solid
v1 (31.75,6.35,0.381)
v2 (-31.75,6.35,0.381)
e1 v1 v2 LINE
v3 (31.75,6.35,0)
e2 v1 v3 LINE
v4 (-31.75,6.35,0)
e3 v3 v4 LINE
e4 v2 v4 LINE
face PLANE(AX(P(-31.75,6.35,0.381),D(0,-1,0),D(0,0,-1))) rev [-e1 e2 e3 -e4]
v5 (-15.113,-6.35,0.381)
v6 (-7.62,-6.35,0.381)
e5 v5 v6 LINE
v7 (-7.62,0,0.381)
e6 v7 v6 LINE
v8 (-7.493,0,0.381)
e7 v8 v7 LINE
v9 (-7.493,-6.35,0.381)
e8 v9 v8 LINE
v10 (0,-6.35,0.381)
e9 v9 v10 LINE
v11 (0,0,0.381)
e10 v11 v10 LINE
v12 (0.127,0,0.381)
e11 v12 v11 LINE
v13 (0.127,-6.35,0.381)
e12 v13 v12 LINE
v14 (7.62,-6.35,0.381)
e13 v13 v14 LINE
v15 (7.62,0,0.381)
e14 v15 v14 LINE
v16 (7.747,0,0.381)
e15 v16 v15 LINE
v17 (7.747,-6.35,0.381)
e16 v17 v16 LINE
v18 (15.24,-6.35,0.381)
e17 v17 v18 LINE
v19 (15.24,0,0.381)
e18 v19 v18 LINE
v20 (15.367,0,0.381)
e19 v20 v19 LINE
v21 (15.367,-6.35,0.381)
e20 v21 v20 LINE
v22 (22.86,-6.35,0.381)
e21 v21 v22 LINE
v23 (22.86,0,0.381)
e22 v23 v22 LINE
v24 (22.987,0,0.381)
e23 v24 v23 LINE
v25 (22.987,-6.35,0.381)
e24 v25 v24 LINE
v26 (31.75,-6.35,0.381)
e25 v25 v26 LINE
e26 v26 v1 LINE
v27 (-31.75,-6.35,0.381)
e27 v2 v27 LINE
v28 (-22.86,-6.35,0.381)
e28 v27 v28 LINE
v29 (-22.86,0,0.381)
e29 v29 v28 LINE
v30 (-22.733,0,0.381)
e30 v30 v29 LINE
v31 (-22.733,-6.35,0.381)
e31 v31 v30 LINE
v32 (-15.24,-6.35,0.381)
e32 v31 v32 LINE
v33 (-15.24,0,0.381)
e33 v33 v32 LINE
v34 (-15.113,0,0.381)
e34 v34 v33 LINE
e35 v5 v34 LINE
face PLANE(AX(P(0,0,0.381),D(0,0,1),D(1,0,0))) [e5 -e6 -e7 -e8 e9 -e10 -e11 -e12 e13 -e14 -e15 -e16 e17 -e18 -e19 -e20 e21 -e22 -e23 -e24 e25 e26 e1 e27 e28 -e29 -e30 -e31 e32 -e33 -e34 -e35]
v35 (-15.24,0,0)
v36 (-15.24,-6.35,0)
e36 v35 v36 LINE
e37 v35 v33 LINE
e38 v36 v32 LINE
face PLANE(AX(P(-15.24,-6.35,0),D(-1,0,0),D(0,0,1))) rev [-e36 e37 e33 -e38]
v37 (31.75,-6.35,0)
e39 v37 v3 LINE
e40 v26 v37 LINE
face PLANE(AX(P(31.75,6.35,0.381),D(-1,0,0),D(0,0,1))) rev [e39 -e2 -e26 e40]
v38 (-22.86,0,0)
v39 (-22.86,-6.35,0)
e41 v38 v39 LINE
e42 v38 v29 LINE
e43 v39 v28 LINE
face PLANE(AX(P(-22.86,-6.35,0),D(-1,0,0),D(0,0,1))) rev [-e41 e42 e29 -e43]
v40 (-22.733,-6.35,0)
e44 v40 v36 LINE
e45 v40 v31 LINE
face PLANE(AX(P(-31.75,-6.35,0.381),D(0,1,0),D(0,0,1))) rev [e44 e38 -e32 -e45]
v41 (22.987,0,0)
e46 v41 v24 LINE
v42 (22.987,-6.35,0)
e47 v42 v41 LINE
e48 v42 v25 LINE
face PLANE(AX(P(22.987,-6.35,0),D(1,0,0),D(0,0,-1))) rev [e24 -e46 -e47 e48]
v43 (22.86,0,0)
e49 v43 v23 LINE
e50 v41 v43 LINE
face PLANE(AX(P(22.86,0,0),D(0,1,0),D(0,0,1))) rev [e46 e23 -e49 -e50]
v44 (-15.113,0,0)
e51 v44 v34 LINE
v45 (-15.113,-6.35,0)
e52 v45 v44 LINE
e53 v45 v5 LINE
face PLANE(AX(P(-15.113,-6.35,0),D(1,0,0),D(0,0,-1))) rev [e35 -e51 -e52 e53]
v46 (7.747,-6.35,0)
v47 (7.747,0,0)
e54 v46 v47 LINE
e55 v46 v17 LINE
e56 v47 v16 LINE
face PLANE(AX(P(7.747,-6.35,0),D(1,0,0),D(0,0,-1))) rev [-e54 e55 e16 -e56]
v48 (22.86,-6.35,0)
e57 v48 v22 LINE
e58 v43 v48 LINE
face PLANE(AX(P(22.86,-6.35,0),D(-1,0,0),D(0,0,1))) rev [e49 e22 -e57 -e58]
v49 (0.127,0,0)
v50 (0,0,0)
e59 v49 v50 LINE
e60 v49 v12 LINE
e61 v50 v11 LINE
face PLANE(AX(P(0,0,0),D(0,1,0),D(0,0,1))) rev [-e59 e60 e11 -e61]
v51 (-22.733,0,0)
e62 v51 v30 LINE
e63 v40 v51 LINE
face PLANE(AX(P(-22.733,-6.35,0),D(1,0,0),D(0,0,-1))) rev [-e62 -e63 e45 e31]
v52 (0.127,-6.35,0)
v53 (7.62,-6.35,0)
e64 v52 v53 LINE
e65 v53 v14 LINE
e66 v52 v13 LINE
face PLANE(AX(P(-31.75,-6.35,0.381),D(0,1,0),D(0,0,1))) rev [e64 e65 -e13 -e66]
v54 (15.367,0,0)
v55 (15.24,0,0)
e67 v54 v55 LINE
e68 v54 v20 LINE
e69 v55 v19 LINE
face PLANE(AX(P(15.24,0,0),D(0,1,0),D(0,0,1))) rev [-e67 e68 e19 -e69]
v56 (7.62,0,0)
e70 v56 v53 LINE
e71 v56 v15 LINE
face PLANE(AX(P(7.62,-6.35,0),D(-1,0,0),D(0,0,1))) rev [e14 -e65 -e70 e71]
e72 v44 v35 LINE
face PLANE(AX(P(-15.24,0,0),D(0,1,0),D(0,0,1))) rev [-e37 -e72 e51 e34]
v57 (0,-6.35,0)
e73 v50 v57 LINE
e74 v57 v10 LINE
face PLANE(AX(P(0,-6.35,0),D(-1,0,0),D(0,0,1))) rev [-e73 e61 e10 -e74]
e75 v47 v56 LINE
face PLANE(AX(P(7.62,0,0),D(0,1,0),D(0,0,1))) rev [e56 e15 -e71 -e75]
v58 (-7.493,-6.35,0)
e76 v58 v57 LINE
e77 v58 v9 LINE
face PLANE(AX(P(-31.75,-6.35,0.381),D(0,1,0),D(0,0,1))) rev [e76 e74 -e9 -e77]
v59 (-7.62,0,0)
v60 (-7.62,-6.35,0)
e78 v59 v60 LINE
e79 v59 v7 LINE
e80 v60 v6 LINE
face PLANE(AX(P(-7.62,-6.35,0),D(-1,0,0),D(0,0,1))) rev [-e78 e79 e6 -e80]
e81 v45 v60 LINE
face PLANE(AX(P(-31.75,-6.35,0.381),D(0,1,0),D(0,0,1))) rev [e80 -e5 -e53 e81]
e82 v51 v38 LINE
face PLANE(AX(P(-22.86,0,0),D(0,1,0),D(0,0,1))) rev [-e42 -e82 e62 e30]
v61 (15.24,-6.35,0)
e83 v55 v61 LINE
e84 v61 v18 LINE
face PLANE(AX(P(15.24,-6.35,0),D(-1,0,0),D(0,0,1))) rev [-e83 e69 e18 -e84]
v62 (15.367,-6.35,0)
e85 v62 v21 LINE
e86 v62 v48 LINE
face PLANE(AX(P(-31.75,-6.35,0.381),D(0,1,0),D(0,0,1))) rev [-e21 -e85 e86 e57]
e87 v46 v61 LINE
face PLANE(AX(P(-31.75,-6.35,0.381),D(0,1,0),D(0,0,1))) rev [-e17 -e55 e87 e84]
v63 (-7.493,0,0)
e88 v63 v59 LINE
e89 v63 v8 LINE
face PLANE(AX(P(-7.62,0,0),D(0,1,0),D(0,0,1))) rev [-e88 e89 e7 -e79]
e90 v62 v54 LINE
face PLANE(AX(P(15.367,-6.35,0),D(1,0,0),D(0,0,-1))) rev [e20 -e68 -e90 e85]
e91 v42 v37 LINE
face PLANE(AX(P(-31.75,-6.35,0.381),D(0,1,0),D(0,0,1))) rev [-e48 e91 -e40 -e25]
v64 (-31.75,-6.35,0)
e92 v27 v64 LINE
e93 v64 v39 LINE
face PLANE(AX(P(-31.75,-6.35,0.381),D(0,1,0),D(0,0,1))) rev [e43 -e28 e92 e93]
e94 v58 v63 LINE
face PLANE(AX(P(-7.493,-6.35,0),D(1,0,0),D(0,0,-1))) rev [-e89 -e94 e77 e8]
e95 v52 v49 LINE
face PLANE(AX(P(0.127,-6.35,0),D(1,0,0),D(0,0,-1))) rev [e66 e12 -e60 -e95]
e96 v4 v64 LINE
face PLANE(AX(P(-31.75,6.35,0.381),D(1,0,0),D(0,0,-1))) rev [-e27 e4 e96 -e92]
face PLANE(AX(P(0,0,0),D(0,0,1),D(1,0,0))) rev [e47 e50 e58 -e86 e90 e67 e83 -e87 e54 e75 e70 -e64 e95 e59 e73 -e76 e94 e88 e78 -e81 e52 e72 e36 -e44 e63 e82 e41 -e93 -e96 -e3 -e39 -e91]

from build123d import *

# Parameters (mm, degrees)
SKETCH1_W           = 63.5
SKETCH1_H           = 12.7
BOSS_EXTRUDE1_DEPTH = 0.381
SKETCH2_W           = 0.127
SKETCH2_H           = 6.35
CUT_EXTRUDE1_DEPTH  = 1.381


with BuildPart() as part:
    # Sketch1 → Boss-Extrude1 (new body)
    with BuildSketch(Plane.XY):
        Rectangle(SKETCH1_W, SKETCH1_H)
    extrude(amount=BOSS_EXTRUDE1_DEPTH)

    # Sketch2 → Cut-Extrude1 (cut, through all)
    with BuildSketch(Plane.XY.offset(0.381)):
        with Locations((-22.7965, -3.175)):
            Rectangle(SKETCH2_W, SKETCH2_H)
        with Locations((-15.1765, -3.175)):
            Rectangle(SKETCH2_W, SKETCH2_H)
        with Locations((-7.5565, -3.175)):
            Rectangle(SKETCH2_W, SKETCH2_H)
        with Locations((0.0635, -3.175)):
            Rectangle(SKETCH2_W, SKETCH2_H)
        with Locations((7.6835, -3.175)):
            Rectangle(SKETCH2_W, SKETCH2_H)
        with Locations((15.3035, -3.175)):
            Rectangle(SKETCH2_W, SKETCH2_H)
        with Locations((22.9235, -3.175)):
            Rectangle(SKETCH2_W, SKETCH2_H)
    extrude(amount=-CUT_EXTRUDE1_DEPTH, mode=Mode.SUBTRACT)


solid = part.part
